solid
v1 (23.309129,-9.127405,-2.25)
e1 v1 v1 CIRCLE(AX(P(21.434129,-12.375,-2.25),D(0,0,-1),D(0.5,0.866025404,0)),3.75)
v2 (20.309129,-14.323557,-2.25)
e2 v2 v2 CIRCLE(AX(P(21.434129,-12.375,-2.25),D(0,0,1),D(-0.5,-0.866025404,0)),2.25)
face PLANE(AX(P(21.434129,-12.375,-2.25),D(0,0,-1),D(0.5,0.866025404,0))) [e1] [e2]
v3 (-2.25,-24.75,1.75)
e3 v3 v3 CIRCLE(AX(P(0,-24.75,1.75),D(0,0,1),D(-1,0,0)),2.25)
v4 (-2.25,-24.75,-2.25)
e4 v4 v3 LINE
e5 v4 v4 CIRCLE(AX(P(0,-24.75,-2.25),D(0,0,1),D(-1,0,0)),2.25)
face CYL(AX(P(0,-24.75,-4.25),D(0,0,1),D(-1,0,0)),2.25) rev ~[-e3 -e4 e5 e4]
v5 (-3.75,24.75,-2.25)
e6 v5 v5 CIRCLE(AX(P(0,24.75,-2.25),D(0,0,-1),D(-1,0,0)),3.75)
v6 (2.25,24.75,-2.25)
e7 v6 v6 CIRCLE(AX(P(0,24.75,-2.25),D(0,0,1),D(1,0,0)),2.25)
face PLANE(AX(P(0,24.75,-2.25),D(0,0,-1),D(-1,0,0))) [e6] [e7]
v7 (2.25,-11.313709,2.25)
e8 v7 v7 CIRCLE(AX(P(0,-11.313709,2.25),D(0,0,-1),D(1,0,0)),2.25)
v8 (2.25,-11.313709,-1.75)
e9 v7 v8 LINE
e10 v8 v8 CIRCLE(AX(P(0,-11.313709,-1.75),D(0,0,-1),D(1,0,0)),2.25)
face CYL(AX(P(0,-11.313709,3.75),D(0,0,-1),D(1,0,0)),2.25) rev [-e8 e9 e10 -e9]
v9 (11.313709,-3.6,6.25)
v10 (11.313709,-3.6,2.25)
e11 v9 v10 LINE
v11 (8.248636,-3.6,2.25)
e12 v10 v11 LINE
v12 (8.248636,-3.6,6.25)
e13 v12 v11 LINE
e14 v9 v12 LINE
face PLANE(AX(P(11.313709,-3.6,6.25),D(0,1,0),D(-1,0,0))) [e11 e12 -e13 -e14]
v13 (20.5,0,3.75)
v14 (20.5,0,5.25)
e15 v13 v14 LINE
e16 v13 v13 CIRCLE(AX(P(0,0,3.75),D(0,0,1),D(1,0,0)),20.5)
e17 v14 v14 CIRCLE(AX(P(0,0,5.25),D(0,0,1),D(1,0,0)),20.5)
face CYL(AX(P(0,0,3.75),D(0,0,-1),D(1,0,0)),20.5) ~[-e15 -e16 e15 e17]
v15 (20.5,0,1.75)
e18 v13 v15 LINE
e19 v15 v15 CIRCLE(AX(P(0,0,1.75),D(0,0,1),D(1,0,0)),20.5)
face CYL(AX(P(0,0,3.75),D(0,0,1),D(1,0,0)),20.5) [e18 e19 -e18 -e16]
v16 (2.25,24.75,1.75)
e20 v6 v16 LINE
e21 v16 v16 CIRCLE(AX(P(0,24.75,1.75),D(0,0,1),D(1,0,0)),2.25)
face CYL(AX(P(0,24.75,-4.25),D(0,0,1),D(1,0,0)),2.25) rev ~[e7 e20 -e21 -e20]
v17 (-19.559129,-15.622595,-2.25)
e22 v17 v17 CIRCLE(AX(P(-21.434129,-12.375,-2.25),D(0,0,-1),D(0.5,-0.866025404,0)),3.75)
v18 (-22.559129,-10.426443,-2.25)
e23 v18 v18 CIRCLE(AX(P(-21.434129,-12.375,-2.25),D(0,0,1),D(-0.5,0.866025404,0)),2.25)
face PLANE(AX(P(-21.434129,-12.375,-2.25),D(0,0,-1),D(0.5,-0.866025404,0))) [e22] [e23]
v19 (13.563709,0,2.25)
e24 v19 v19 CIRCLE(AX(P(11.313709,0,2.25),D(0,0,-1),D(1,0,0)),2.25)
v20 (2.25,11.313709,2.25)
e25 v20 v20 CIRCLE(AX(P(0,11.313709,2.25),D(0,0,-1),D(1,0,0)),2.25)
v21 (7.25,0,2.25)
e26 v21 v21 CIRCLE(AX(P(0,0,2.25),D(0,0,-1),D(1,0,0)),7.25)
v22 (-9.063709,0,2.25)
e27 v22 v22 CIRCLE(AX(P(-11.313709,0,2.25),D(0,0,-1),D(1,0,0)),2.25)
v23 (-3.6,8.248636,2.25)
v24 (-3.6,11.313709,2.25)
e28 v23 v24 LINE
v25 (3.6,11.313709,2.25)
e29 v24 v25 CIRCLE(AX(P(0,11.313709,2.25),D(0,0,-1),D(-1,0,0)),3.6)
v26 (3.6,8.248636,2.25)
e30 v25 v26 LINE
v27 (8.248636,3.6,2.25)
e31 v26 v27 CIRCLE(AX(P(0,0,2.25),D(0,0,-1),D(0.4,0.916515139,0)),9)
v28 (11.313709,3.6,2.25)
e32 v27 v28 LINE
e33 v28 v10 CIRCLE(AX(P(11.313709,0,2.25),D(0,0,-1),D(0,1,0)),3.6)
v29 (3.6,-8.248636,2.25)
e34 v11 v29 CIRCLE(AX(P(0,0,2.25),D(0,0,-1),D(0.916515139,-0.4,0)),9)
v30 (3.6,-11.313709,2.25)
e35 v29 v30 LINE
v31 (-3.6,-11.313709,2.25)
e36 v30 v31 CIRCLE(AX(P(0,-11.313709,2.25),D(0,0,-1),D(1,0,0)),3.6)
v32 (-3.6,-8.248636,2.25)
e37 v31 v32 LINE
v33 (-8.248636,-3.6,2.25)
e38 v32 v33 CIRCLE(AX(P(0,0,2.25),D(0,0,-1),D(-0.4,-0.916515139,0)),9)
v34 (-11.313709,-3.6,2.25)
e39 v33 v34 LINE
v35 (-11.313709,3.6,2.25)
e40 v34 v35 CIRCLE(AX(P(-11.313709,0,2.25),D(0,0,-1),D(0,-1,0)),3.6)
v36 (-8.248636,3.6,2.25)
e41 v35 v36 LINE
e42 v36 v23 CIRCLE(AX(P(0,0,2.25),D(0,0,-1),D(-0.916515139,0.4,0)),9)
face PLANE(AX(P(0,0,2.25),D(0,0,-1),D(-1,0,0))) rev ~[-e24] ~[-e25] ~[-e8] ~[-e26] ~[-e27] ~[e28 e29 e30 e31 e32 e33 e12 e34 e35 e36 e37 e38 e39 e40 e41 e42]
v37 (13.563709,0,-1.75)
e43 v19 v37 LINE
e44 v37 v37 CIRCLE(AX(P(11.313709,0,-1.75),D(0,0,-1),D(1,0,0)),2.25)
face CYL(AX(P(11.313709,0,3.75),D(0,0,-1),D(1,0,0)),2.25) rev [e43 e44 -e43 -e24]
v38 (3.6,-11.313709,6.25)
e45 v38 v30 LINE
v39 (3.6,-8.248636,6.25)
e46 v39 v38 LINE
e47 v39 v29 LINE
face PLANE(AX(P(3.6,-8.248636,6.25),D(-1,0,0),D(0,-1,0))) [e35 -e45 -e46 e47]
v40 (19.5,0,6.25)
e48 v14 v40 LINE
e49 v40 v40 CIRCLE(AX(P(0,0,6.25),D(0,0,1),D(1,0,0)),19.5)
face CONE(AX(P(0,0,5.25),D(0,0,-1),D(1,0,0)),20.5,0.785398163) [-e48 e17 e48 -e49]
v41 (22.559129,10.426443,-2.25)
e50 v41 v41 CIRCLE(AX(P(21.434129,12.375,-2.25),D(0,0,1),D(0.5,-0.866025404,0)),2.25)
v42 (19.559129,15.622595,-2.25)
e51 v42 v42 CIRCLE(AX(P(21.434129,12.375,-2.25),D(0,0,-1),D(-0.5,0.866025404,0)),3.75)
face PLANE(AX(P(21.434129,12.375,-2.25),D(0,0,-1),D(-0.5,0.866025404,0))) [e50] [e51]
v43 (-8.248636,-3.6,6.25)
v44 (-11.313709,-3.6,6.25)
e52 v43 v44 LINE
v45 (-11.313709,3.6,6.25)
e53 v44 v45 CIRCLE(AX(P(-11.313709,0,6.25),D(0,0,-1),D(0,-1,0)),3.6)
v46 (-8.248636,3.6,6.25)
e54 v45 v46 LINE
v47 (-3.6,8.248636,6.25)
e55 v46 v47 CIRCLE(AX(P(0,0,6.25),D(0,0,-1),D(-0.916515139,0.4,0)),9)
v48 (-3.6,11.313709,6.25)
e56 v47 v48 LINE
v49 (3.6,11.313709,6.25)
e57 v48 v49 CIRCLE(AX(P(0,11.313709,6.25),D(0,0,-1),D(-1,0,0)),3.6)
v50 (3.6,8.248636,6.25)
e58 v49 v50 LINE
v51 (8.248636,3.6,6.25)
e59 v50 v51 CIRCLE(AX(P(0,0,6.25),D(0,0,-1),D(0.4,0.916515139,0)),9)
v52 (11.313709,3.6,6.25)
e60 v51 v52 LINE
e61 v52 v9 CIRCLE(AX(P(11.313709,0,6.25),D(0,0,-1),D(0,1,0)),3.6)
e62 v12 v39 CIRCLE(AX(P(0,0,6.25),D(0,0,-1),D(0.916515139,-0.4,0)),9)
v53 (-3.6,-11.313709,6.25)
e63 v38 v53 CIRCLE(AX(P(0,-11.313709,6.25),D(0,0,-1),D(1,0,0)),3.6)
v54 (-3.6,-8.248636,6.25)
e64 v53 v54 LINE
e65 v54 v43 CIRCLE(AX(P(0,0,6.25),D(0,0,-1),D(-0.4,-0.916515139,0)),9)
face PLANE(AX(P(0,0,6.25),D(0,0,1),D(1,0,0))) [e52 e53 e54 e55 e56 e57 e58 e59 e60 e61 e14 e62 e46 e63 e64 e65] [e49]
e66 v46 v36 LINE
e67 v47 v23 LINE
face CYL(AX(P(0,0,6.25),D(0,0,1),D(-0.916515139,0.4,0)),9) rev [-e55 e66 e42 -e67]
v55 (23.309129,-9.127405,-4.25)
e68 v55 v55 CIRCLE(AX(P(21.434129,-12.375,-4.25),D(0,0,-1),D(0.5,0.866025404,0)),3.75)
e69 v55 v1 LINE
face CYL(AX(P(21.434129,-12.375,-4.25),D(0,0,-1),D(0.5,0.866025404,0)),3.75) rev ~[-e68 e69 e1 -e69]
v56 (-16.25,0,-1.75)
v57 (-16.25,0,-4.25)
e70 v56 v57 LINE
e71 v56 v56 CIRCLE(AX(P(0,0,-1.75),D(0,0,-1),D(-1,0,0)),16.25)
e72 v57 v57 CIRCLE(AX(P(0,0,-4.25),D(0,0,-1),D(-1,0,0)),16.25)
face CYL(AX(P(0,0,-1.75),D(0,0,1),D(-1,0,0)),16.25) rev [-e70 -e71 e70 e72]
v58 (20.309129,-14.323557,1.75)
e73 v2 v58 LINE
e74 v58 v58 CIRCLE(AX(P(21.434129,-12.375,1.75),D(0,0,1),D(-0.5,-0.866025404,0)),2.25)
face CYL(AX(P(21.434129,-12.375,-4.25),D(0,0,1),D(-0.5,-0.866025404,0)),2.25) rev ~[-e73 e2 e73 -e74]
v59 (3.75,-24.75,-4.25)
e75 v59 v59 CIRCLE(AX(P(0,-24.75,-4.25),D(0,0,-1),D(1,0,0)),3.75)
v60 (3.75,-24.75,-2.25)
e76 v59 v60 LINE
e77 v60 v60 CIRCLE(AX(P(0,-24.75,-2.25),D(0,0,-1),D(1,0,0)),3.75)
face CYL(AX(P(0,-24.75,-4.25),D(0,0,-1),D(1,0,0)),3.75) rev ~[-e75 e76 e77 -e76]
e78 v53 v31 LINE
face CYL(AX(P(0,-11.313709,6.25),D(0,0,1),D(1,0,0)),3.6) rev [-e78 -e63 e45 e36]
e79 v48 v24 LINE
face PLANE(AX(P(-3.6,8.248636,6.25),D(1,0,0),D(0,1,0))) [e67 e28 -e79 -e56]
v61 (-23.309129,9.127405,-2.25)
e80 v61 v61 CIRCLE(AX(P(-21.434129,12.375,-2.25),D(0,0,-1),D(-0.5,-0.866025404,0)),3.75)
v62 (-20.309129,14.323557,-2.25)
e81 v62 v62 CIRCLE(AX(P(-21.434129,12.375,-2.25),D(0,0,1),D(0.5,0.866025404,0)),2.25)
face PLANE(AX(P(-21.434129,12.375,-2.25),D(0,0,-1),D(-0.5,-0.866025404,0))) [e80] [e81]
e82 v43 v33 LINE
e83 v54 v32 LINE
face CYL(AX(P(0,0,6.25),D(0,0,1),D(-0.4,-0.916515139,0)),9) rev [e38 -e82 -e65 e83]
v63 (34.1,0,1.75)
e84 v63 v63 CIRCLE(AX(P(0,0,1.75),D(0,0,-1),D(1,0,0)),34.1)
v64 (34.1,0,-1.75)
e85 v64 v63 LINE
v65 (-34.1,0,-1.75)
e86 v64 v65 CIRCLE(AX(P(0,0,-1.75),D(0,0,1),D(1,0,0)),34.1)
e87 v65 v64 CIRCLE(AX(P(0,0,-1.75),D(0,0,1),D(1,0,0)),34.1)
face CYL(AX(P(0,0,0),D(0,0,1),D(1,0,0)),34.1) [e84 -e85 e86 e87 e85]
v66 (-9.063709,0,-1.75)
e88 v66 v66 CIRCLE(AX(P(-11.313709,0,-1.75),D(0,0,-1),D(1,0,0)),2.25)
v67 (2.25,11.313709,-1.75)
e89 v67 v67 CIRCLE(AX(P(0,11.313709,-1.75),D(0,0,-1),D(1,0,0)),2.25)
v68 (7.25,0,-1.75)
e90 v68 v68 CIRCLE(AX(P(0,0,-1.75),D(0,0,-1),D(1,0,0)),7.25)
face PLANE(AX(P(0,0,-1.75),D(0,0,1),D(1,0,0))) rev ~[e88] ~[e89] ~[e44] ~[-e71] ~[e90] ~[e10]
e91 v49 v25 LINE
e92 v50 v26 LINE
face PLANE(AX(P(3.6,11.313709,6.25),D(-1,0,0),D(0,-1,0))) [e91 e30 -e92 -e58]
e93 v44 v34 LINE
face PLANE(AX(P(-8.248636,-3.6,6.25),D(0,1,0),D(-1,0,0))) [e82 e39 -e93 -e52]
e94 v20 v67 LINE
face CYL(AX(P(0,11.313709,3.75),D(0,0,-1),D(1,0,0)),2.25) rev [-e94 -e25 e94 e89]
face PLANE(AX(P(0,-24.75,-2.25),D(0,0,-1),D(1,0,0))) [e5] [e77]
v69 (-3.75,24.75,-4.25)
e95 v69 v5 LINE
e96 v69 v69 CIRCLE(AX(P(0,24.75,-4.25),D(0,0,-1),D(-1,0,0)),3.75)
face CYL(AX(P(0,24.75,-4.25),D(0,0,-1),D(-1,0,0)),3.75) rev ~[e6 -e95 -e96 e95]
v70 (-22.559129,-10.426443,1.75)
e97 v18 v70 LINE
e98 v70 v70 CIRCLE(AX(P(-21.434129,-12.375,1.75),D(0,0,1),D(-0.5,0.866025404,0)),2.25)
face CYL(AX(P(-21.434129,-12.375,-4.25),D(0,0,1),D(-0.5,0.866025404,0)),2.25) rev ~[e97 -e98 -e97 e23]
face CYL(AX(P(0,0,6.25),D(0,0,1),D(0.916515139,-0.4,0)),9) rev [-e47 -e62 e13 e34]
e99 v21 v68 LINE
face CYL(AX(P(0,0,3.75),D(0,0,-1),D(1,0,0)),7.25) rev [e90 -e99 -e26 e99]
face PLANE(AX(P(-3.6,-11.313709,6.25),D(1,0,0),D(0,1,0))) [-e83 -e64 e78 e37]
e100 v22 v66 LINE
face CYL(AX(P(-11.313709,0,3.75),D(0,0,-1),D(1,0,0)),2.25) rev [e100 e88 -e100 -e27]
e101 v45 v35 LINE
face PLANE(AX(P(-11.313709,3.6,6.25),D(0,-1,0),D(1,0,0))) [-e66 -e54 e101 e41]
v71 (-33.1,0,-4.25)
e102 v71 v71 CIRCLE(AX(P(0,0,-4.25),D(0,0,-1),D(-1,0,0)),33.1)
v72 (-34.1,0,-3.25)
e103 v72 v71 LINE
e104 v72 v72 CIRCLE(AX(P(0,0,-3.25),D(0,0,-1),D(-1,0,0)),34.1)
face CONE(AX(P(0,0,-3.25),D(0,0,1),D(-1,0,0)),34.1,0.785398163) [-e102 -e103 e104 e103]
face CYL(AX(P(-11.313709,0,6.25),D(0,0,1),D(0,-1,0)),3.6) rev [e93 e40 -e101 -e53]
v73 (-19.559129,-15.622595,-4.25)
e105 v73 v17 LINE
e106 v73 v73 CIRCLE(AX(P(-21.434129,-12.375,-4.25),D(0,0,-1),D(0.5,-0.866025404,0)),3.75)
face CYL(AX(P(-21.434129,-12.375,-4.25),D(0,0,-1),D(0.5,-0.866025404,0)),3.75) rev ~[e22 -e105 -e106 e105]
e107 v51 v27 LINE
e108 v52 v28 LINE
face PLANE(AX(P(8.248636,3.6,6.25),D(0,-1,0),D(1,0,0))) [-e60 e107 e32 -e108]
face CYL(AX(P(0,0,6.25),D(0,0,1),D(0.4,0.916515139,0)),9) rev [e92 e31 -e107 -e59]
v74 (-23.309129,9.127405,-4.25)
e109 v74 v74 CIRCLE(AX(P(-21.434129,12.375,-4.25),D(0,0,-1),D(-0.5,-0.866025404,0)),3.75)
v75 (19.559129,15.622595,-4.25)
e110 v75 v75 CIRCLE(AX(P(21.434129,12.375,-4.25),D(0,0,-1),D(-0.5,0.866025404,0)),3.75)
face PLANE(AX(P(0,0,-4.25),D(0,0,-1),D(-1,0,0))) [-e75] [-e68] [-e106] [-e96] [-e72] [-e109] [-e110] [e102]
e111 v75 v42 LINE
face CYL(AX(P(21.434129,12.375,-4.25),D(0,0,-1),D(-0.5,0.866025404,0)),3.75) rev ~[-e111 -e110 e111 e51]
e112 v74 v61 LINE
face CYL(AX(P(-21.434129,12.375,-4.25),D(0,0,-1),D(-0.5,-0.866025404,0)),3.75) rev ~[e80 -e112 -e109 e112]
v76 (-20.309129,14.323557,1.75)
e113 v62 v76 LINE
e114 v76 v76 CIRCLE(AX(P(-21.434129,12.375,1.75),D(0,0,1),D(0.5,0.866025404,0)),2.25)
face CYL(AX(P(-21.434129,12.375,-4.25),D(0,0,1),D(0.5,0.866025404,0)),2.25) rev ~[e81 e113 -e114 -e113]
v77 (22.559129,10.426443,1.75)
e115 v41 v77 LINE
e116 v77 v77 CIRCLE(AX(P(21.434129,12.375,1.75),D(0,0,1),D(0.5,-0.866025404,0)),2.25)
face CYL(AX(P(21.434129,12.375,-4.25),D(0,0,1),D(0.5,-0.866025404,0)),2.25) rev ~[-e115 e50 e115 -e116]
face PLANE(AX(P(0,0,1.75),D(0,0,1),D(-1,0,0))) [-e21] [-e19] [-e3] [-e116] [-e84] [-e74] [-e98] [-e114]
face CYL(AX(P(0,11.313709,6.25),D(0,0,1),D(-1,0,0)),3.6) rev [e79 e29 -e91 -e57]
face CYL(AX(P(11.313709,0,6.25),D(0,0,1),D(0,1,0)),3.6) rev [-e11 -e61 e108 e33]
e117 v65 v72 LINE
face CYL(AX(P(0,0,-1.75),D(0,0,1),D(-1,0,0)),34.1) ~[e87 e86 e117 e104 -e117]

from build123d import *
from build123d.topology import SkipClean

# Parameters (mm, degrees)
SKETCH1_R               = 34.1
BOSS_EXTRUDE1_DEPTH     = 1.75
SKETCH4_R               = 28.5
BOSS_EXTRUDE2_DEPTH     = 2
SKETCH5_R               = 34.1
SKETCH5_R_2             = 16.25
BOSS_EXTRUDE3_DEPTH     = 2.5
CUT_EXTRUDE2_DEPTH      = 49.596501932
CUT_EXTRUDE2_DEPTH_BACK = 49.596501932
SKETCH3_R               = 2.25
CUT_EXTRUDE1_DEPTH      = 49.596501932
CUT_EXTRUDE1_DEPTH_BACK = 49.596501932
SKETCH2_R               = 7.25
SKETCH7_R               = 20.5
SKETCH7_R_2             = 2.25
SKETCH7_R_3             = 7.25
BOSS_EXTRUDE4_DEPTH     = 2.5
BOSS_EXTRUDE5_START     = 2
SKETCH8_R               = 34.1
SKETCH8_R_2             = 28.5
BOSS_EXTRUDE5_DEPTH     = 2
SKETCH10_R              = 34.1
SKETCH10_R_2            = 20.5
CUT_EXTRUDE4_DEPTH      = 2
CUT_EXTRUDE5_DEPTH      = 4
SKETCH6_R               = 2.25
CUT_EXTRUDE3_DEPTH      = 50.354533733
SKETCH12_R              = 3.75
CUT_EXTRUDE6_DEPTH      = 2
CIRPATTERN1_COUNT       = 6
CHAMFER1_SIZE           = 1


with BuildPart() as part:
    # Sketch1 → Boss-Extrude1 (new, symmetric)
    with BuildSketch(Plane.XY):
        Circle(SKETCH1_R)
    extrude(amount=BOSS_EXTRUDE1_DEPTH, both=True)

    # Sketch4 → Boss-Extrude2 (add)
    with BuildSketch(Plane.XY.offset(1.75)):
        Circle(SKETCH4_R)
    extrude(amount=BOSS_EXTRUDE2_DEPTH)

    # Sketch5 → Boss-Extrude3 (add)
    with BuildSketch(Plane(origin=(0, 0, -1.75), x_dir=(-1, 0, 0), z_dir=(0, 0, -1))):
        Circle(SKETCH5_R)
        Circle(SKETCH5_R_2, mode=Mode.SUBTRACT)
    extrude(amount=BOSS_EXTRUDE3_DEPTH)

    # Sketch3 → Cut-Extrude2 (cut, two sides: drawn at the far end of the back side and taken through both)
    with BuildSketch(Plane.XY.offset(1.75).offset(-CUT_EXTRUDE2_DEPTH_BACK)):
        with Locations((0, 11.3137085)):
            Circle(SKETCH3_R)
        with Locations((11.3137085, 0)):
            Circle(SKETCH3_R)
        with Locations((0, -11.3137085)):
            Circle(SKETCH3_R)
        with Locations((-11.3137085, 0)):
            Circle(SKETCH3_R)
    extrude(amount=CUT_EXTRUDE2_DEPTH + CUT_EXTRUDE2_DEPTH_BACK, mode=Mode.SUBTRACT)

    # Sketch2 → Cut-Extrude1 (cut, two sides: drawn at the far end of the back side and taken through both)
    with BuildSketch(Plane.XY.offset(1.75).offset(-CUT_EXTRUDE1_DEPTH_BACK)):
        Circle(SKETCH2_R)
    extrude(amount=CUT_EXTRUDE1_DEPTH + CUT_EXTRUDE1_DEPTH_BACK, mode=Mode.SUBTRACT)

    # Sketch7 → Boss-Extrude4 (add)
    with BuildSketch(Plane.XY.offset(3.75)):
        Circle(SKETCH7_R)
        with Locations((0, -11.3137085)):
            Circle(SKETCH7_R_2, mode=Mode.SUBTRACT)
        with Locations((11.3137085, 0)):
            Circle(SKETCH7_R_2, mode=Mode.SUBTRACT)
        with Locations((0, 11.3137085)):
            Circle(SKETCH7_R_2, mode=Mode.SUBTRACT)
        with Locations((-11.3137085, 0)):
            Circle(SKETCH7_R_2, mode=Mode.SUBTRACT)
        Circle(SKETCH7_R_3, mode=Mode.SUBTRACT)
    extrude(amount=BOSS_EXTRUDE4_DEPTH)

    # Sketch8 → Boss-Extrude5 (add)
    with SkipClean():  # the faces are left unmerged after this step: merging them gives an invalid solid
        with BuildSketch(Plane.XY.offset(1.75).offset(BOSS_EXTRUDE5_START)):
            with Locations(Location((0, 0, 0), (0, 0, 180))):
                Circle(SKETCH8_R)
            Circle(SKETCH8_R_2, mode=Mode.SUBTRACT)
        extrude(amount=-BOSS_EXTRUDE5_DEPTH)

    # Sketch10 → Cut-Extrude4 (cut)
    with BuildSketch(Plane.XY.offset(3.75)):
        with Locations(Location((0, 0, 0), (0, 0, 180))):
            Circle(SKETCH10_R)
        Circle(SKETCH10_R_2, mode=Mode.SUBTRACT)
    extrude(amount=-CUT_EXTRUDE4_DEPTH, mode=Mode.SUBTRACT)

    # Sketch11 → Cut-Extrude5 (cut)
    with BuildSketch(Plane.XY.offset(6.25)):
        with BuildLine():
            Line((-11.3137085, 3.6), (-8.248636251, 3.6))
            ThreePointArc((-8.248636251, 3.6), (-6.363961031, 6.363961031), (-3.6, 8.248636251))
            Line((-3.6, 8.248636251), (-3.6, 11.3137085))
            ThreePointArc((-3.6, 11.3137085), (0, 14.9137085), (3.6, 11.3137085))
            Line((3.6, 11.3137085), (3.6, 8.248636251))
            ThreePointArc((3.6, 8.248636251), (6.363961031, 6.363961031), (8.248636251, 3.6))
            Line((8.248636251, 3.6), (11.3137085, 3.6))
            ThreePointArc((11.3137085, 3.6), (14.9137085, 0), (11.3137085, -3.6))
            Line((11.3137085, -3.6), (8.248636251, -3.6))
            ThreePointArc((8.248636251, -3.6), (6.363961031, -6.363961031), (3.6, -8.248636251))
            Line((3.6, -8.248636251), (3.6, -11.3137085))
            ThreePointArc((3.6, -11.3137085), (0, -14.9137085), (-3.6, -11.3137085))
            Line((-3.6, -11.3137085), (-3.6, -8.248636251))
            ThreePointArc((-3.6, -8.248636251), (-6.363961031, -6.363961031), (-8.248636251, -3.6))
            Line((-8.248636251, -3.6), (-11.3137085, -3.6))
            ThreePointArc((-11.3137085, -3.6), (-14.9137085, 0), (-11.3137085, 3.6))
        make_face()
    extrude(amount=-CUT_EXTRUDE5_DEPTH, mode=Mode.SUBTRACT)

    # Sketch6 → Cut-Extrude3 (cut, symmetric)
    with BuildSketch(Plane.XY.offset(-4.25)):
        with Locations((0, 24.75)):
            Circle(SKETCH6_R)
    cut_extrude3 = extrude(amount=CUT_EXTRUDE3_DEPTH, both=True, mode=Mode.SUBTRACT)

    # Sketch12 → Cut-Extrude6 (cut)
    with BuildSketch(Plane(origin=(0, 0, -4.25), x_dir=(-1, 0, 0), z_dir=(0, 0, -1))):
        with Locations((0, 24.75)):
            Circle(SKETCH12_R)
    cut_extrude6 = extrude(amount=-CUT_EXTRUDE6_DEPTH, mode=Mode.SUBTRACT)

    # CirPattern1: Cut-Extrude3, Cut-Extrude6 ×6 about axis
    cirpattern1_axis = Axis((0, 0, 0), (0, 0, 1))
    add([cut_extrude3.rotate(cirpattern1_axis, i * 360 / CIRPATTERN1_COUNT) for i in range(1, CIRPATTERN1_COUNT)], mode=Mode.SUBTRACT)
    add([cut_extrude6.rotate(cirpattern1_axis, i * 360 / CIRPATTERN1_COUNT) for i in range(1, CIRPATTERN1_COUNT)], mode=Mode.SUBTRACT)

    # Chamfer1
    chamfer1_edges = [part.edges().sort_by_distance(p)[0] for p in [
        (34.1, 0, -4.25),
        (-20.5, 0, 6.25),
    ]]
    chamfer(chamfer1_edges, length=CHAMFER1_SIZE)


solid = part.part
